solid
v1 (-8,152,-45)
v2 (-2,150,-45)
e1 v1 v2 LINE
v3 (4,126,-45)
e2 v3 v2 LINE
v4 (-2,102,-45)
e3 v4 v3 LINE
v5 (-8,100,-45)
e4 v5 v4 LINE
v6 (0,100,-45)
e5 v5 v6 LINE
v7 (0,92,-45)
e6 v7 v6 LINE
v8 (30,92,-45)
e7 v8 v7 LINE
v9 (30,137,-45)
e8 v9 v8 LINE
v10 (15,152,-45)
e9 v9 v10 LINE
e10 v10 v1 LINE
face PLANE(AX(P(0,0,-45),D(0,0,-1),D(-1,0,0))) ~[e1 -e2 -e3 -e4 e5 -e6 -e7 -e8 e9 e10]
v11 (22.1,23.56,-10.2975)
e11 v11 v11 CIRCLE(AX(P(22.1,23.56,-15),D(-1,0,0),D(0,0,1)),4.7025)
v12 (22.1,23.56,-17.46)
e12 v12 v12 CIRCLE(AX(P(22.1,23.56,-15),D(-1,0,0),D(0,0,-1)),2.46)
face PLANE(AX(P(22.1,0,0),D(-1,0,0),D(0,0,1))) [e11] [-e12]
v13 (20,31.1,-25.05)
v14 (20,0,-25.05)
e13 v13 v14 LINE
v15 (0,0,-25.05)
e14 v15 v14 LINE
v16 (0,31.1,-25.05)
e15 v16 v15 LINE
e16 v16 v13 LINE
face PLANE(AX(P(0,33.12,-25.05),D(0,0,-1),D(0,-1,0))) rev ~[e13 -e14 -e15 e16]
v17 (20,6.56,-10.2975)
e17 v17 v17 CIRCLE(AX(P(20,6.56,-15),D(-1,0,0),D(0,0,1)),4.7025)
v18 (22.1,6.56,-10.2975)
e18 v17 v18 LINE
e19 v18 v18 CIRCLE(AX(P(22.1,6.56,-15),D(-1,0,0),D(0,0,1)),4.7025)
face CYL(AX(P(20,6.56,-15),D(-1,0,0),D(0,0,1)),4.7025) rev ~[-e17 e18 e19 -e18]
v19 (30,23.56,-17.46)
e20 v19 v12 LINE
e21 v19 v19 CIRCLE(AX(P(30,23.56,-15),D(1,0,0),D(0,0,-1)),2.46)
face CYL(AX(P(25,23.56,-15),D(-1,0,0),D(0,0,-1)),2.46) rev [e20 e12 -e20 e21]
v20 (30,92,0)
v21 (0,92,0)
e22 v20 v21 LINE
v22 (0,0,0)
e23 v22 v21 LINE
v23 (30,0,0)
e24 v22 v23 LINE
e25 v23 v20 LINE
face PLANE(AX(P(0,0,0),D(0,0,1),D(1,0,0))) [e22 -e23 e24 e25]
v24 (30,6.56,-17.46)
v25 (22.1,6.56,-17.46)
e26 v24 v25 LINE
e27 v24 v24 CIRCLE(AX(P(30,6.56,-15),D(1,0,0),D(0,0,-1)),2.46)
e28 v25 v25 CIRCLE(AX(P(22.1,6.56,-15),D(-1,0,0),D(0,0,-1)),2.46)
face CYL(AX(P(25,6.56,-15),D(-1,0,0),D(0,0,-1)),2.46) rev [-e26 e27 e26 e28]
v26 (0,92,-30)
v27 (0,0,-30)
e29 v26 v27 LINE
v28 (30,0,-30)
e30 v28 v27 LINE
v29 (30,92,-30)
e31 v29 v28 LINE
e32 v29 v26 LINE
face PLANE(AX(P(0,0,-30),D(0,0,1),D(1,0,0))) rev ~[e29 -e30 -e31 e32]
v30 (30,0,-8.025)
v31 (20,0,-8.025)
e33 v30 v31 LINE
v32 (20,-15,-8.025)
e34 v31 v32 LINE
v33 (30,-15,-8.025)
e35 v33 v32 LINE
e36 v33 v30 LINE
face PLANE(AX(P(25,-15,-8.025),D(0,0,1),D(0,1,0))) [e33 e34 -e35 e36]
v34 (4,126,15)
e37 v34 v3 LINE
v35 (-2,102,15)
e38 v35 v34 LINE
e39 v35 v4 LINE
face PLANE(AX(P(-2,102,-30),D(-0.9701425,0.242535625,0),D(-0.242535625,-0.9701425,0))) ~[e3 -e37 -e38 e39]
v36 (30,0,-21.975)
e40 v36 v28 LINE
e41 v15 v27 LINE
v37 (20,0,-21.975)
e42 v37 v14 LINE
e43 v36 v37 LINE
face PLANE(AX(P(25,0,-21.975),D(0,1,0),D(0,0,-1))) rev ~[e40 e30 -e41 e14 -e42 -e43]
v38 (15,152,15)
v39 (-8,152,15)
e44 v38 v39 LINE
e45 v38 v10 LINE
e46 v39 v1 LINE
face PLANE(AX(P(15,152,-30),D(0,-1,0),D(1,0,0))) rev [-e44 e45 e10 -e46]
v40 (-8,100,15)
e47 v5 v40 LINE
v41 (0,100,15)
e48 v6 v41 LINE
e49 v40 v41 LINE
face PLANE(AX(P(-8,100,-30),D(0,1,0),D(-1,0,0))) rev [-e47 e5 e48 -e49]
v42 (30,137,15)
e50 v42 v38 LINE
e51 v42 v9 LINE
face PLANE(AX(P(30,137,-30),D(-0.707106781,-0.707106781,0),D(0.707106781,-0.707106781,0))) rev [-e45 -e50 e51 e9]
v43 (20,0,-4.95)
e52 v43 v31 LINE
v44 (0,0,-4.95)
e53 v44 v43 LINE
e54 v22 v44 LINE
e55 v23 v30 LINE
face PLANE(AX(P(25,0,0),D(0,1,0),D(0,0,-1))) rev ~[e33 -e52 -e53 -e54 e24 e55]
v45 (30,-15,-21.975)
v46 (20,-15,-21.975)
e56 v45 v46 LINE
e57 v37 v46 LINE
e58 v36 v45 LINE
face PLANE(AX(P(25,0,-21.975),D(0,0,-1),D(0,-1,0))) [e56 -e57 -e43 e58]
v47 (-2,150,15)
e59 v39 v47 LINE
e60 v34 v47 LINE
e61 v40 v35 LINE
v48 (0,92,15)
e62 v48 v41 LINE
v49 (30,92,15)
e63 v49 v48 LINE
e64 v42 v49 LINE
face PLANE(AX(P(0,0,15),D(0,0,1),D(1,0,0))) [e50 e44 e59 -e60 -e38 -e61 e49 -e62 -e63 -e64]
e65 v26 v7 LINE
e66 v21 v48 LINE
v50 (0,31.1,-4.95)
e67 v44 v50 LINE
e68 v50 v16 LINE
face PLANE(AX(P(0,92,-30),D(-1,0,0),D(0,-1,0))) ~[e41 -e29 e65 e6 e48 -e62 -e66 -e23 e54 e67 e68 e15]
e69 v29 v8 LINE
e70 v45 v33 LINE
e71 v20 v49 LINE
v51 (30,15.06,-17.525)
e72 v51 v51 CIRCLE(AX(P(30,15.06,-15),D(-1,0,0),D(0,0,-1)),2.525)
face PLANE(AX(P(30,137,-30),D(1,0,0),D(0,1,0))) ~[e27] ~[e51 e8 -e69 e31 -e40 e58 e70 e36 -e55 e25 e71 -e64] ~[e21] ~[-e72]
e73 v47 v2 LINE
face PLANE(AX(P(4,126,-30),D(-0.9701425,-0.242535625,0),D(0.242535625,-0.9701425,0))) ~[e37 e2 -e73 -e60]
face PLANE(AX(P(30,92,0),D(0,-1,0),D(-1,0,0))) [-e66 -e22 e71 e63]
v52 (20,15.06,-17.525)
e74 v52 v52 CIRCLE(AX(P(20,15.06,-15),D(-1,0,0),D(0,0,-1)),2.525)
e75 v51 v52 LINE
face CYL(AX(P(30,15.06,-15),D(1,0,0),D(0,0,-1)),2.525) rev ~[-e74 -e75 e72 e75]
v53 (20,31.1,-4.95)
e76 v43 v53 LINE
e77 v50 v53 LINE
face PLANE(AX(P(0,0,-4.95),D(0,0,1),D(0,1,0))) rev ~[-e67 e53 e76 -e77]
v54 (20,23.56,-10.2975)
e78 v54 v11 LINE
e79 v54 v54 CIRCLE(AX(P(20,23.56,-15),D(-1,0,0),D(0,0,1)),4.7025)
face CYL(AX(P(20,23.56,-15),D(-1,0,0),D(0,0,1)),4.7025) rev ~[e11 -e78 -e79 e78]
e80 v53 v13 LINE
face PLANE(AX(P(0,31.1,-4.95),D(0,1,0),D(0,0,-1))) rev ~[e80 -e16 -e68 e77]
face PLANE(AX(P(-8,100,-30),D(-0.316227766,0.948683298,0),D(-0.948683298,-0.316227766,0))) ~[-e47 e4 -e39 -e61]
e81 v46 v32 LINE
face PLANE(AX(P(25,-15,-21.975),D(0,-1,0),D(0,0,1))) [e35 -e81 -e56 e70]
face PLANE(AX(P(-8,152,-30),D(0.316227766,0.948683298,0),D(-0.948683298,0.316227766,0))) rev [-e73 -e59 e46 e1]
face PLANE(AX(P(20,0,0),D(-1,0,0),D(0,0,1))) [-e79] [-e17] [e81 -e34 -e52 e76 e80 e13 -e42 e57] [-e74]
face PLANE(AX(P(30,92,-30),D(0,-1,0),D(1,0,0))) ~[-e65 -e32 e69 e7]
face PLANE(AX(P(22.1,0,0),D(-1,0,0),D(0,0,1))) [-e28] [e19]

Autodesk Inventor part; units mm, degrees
ref_plane "YZ Plane" through (0, 0, 0) normal (1, 0, 0) x (0, 1, 0)
ref_plane "XZ Plane" through (0, 0, 0) normal (0, 1, 0) x (-1, 0, 0)
sketch "Sketch1" plane through (0, 0, 0) normal (0, 0, 1) x (1, 0, 0)
  line L0 (0, 0) -> (25, 0)
  line L1 (25, 0) -> (25, 40)
  line L2 (25, 40) -> (0, 40)
  line L3 (0, 40) -> (0, 0)
  dimension "d1" = 25
  dimension "d2" = 40
  dimension "d3" = 25
extrude "Extrusion1" add sketch "Sketch1" against normal blind 30
sketch "Sketch2" plane through (25, 0, 0) normal (1, 0, 0) x (0, 0, -1)
  line L0 (0, 0) -> (30, 0) projected
  circle A0 centre (15, 6.56) radius 2.46
extrude "Extrusion2" cut sketch "Sketch2" against normal blind 30
sketch "Sketch3" plane through (0, 0, 0) normal (-1, 0, 0) x (0, 0, 1)
  line L0 (0, 0) -> (-30, 0) projected
  line L1 (-25.05, 0) -> (-4.95, 0)
  line L2 (-4.95, 0) -> (-4.95, 33.12)
  line L3 (-4.95, 33.12) -> (-25.05, 33.12)
  line L4 (-25.05, 33.12) -> (-25.05, 0)
  dimension "d11" = 20.1
extrude "Extrusion3" cut sketch "Sketch3" against normal blind 20
sketch "Sketch4" plane through (0, 0, 0) normal (0, -1, 0) x (1, 0, 0)
  line L0 (20, -4.95) -> (20, -25.05) projected
  line L1 (20, -15) -> (25, -15)
  line L2 (25, 0) -> (25, -30) projected
  line L3 (20, -8.025) -> (25, -8.025)
  line L4 (25, -8.025) -> (25, -21.975)
  line L5 (25, -21.975) -> (20, -21.975)
  line L6 (20, -21.975) -> (20, -8.025)
  line L7 (20, -8.025) -> (25, -21.975) construction
  line L8 (25, -8.025) -> (20, -21.975) construction
  line L9 (25, -12.54) -> (25, -17.46) projected
  point P0 (0, 0)
  point P1 (22.5, -15)
  dimension "d14" = 13.95
extrude "Extrusion4" add sketch "Sketch4" along normal blind 15
sketch "Sketch5" plane through (20, 0, 0) normal (-1, 0, 0) x (0, 0, 1)
  circle A0 centre (-15, 6.56) radius 2.46 projected
  circle A1 centre (-15, 6.56) radius 4.7025
  circle A2 centre (-15, 6.56) radius 2.46 projected
  circle A3 centre (-15, 6.56) radius 2.46
  point P0 (0, 0)
  dimension "d17" = 9.405
extrude "Extrusion5" cut sketch "Sketch5" against normal blind 2.1
sketch "Sketch6" plane through (25, 0, 0) normal (1, 0, 0) x (0, 0, -1)
  circle A0 centre (15, 6.56) radius 4.7025 projected
  line L0 (15, 6.56) -> (15, 23.56)
  circle A1 centre (15, 23.56) radius 2.46
  point P0 (0, 0)
  dimension "d20" = 17
  dimension "d21" = 4.92
extrude "Extrusion6" cut sketch "Sketch6" against normal blind 10 contours A1
sketch "Sketch7" plane through (20, 0, 0) normal (-1, 0, 0) x (0, 0, 1)
  circle A0 centre (-15, 23.56) radius 2.46 projected
  circle A1 centre (-15, 23.56) radius 4.7025
  point P0 (0, 0)
  dimension "d24" = 9.405
extrude "Extrusion7" cut sketch "Sketch7" against normal blind 2.1
sketch "Sketch9" plane through (25, 0, 0) normal (1, 0, 0) x (0, 0, -1)
  circle A0 centre (15, 6.56) radius 2.46 projected
  circle A1 centre (15, 6.56) radius 2.46
  circle A2 centre (15, 23.56) radius 2.46 projected
  circle A3 centre (15, 23.56) radius 2.46
  line L0 (30, 40) -> (30, 0) projected
  line L1 (30, 0) -> (30, 40)
  line L2 (30, 40) -> (0, 40)
  line L3 (0, 40) -> (0, 0)
  line L4 (0, 0) -> (8.025, 0) projected
  line L5 (21.975, 0) -> (21.975, -15)
  line L6 (21.975, -15) -> (8.025, -15)
  line L7 (8.025, -15) -> (8.025, 0)
  line L8 (0, 0) -> (8.025, 0)
  line L9 (21.975, 0) -> (30, 0)
extrude "Extrusion8" add sketch "Sketch9" along normal blind 5
sketch "Sketch10" plane through (0, 40, 0) normal (0, 1, 0) x (1, 0, 0)
  line L0 (0, 30) -> (30, 30) projected
  line L1 (30, 0) -> (0, 0) projected
  line L2 (0, 30) -> (30, 30)
  line L3 (30, 30) -> (30, 0)
  line L4 (30, 0) -> (0, 0)
  line L5 (0, 0) -> (0, 30)
extrude "Extrusion9" add sketch "Sketch10" along normal blind 30
sketch "Sketch12" plane through (30, 0, 0) normal (1, 0, 0) x (0, 0, -1)
  circle A0 centre (15, 6.56) radius 2.46 projected
  line L0 (15, 6.56) -> (15, 15.06)
  circle A1 centre (15, 15.06) radius 2.525
  point P0 (0, 0)
  dimension "d31" = 8.5
  dimension "d33" = 5.05
extrude "Extrusion10" cut sketch "Sketch12" against normal blind 30 contours A1
sketch "Sketch14" plane through (0, 0, 0) normal (0, 0, 1) x (1, 0, 0)
  line L0 (30, 70) -> (0, 70) projected
  line L1 (0, 100) -> (-8, 100)
  line L2 (30, 0) -> (30, 70) projected
  line L3 (30, 118) -> (30, 70)
  line L4 (30, 105) -> (30, 100)
  line L5 (0, 70) -> (30, 70) projected
  line L6 (0, 70) -> (0, 100)
  line L7 (30, 122.5) -> (30, 118)
  line L8 (-2, 150) -> (-8, 152)
  line L9 (-2, 102) -> (-8, 100)
  line L10 (-2, 102) -> (4, 126)
  line L11 (4, 126) -> (-2, 150)
  line L12 (-8, 152) -> (15, 152)
  line L13 (30, 137) -> (15, 152)
  line L14 (30, 122.5) -> (30, 137)
  point P0 (0, 0)
  dimension "d47" = 30
extrude "Extrusion12" add sketch "Sketch14" against normal blind 30
sketch "Sketch15" plane through (0, 0, -25.05) normal (-1, 0, 0) x (0, 0, 1)
  line L0 (0, 33.12) -> (20.1, 33.12) projected
  line L1 (20.1, 33.12) -> (20.1, 0) projected
  line L2 (0, 33.12) -> (20.1, 33.12)
  line L3 (20.1, 33.12) -> (20.1, 31.1)
  line L4 (20.1, 31.1) -> (0, 31.1)
  line L5 (0, 31.1) -> (0, 33.12)
  point P0 (25.05, 0)
  dimension "d57" = 2.02
extrude "Extrusion13" add sketch "Sketch15" against normal blind 20
sketch "Sketch25" plane through (0, 0, 0) normal (0, 0, 1) x (1, 0, 0)
  point P0 (0, 0)
sketch "Sketch26" plane through (0, 0, 0) normal (0, 0, 1) x (1, 0, 0)
  line L0 (-8, 100) -> (0, 100) projected
  line L1 (0, 100) -> (-8, 100)
  line L2 (-8, 100) -> (-2, 102) projected
  line L3 (-8, 100) -> (-2, 102)
  line L4 (-2, 102) -> (4, 126) projected
  line L5 (-2, 102) -> (4, 126)
  line L6 (4, 126) -> (-2, 150) projected
  line L7 (4, 126) -> (-2, 150)
  line L8 (-8, 152) -> (-2, 150) projected
  line L9 (-2, 150) -> (-8, 152)
  line L10 (15, 152) -> (-8, 152) projected
  line L11 (-8, 152) -> (15, 152)
  line L12 (30, 137) -> (15, 152) projected
  line L13 (15, 152) -> (30, 137)
  line L14 (30, 137) -> (30, 92)
  line L15 (30, 0) -> (30, 137) projected
  line L16 (30, 92) -> (0, 92)
  line L17 (0, 0) -> (0, 100) projected
  line L18 (0, 100) -> (0, 92)
  dimension "d93" = 45
extrude "Extrusion14" add sketch "Sketch26" along normal blind 15
ref_plane "Work Plane1" through (0, 0, -15) normal (0, 0, 1) x (1, 0, 0)
mirror "Mirror1" about plane through (0, 0, -15) normal (0, 0, 1) of "Extrusion14"
properties part number "48mm_x_60mm"
